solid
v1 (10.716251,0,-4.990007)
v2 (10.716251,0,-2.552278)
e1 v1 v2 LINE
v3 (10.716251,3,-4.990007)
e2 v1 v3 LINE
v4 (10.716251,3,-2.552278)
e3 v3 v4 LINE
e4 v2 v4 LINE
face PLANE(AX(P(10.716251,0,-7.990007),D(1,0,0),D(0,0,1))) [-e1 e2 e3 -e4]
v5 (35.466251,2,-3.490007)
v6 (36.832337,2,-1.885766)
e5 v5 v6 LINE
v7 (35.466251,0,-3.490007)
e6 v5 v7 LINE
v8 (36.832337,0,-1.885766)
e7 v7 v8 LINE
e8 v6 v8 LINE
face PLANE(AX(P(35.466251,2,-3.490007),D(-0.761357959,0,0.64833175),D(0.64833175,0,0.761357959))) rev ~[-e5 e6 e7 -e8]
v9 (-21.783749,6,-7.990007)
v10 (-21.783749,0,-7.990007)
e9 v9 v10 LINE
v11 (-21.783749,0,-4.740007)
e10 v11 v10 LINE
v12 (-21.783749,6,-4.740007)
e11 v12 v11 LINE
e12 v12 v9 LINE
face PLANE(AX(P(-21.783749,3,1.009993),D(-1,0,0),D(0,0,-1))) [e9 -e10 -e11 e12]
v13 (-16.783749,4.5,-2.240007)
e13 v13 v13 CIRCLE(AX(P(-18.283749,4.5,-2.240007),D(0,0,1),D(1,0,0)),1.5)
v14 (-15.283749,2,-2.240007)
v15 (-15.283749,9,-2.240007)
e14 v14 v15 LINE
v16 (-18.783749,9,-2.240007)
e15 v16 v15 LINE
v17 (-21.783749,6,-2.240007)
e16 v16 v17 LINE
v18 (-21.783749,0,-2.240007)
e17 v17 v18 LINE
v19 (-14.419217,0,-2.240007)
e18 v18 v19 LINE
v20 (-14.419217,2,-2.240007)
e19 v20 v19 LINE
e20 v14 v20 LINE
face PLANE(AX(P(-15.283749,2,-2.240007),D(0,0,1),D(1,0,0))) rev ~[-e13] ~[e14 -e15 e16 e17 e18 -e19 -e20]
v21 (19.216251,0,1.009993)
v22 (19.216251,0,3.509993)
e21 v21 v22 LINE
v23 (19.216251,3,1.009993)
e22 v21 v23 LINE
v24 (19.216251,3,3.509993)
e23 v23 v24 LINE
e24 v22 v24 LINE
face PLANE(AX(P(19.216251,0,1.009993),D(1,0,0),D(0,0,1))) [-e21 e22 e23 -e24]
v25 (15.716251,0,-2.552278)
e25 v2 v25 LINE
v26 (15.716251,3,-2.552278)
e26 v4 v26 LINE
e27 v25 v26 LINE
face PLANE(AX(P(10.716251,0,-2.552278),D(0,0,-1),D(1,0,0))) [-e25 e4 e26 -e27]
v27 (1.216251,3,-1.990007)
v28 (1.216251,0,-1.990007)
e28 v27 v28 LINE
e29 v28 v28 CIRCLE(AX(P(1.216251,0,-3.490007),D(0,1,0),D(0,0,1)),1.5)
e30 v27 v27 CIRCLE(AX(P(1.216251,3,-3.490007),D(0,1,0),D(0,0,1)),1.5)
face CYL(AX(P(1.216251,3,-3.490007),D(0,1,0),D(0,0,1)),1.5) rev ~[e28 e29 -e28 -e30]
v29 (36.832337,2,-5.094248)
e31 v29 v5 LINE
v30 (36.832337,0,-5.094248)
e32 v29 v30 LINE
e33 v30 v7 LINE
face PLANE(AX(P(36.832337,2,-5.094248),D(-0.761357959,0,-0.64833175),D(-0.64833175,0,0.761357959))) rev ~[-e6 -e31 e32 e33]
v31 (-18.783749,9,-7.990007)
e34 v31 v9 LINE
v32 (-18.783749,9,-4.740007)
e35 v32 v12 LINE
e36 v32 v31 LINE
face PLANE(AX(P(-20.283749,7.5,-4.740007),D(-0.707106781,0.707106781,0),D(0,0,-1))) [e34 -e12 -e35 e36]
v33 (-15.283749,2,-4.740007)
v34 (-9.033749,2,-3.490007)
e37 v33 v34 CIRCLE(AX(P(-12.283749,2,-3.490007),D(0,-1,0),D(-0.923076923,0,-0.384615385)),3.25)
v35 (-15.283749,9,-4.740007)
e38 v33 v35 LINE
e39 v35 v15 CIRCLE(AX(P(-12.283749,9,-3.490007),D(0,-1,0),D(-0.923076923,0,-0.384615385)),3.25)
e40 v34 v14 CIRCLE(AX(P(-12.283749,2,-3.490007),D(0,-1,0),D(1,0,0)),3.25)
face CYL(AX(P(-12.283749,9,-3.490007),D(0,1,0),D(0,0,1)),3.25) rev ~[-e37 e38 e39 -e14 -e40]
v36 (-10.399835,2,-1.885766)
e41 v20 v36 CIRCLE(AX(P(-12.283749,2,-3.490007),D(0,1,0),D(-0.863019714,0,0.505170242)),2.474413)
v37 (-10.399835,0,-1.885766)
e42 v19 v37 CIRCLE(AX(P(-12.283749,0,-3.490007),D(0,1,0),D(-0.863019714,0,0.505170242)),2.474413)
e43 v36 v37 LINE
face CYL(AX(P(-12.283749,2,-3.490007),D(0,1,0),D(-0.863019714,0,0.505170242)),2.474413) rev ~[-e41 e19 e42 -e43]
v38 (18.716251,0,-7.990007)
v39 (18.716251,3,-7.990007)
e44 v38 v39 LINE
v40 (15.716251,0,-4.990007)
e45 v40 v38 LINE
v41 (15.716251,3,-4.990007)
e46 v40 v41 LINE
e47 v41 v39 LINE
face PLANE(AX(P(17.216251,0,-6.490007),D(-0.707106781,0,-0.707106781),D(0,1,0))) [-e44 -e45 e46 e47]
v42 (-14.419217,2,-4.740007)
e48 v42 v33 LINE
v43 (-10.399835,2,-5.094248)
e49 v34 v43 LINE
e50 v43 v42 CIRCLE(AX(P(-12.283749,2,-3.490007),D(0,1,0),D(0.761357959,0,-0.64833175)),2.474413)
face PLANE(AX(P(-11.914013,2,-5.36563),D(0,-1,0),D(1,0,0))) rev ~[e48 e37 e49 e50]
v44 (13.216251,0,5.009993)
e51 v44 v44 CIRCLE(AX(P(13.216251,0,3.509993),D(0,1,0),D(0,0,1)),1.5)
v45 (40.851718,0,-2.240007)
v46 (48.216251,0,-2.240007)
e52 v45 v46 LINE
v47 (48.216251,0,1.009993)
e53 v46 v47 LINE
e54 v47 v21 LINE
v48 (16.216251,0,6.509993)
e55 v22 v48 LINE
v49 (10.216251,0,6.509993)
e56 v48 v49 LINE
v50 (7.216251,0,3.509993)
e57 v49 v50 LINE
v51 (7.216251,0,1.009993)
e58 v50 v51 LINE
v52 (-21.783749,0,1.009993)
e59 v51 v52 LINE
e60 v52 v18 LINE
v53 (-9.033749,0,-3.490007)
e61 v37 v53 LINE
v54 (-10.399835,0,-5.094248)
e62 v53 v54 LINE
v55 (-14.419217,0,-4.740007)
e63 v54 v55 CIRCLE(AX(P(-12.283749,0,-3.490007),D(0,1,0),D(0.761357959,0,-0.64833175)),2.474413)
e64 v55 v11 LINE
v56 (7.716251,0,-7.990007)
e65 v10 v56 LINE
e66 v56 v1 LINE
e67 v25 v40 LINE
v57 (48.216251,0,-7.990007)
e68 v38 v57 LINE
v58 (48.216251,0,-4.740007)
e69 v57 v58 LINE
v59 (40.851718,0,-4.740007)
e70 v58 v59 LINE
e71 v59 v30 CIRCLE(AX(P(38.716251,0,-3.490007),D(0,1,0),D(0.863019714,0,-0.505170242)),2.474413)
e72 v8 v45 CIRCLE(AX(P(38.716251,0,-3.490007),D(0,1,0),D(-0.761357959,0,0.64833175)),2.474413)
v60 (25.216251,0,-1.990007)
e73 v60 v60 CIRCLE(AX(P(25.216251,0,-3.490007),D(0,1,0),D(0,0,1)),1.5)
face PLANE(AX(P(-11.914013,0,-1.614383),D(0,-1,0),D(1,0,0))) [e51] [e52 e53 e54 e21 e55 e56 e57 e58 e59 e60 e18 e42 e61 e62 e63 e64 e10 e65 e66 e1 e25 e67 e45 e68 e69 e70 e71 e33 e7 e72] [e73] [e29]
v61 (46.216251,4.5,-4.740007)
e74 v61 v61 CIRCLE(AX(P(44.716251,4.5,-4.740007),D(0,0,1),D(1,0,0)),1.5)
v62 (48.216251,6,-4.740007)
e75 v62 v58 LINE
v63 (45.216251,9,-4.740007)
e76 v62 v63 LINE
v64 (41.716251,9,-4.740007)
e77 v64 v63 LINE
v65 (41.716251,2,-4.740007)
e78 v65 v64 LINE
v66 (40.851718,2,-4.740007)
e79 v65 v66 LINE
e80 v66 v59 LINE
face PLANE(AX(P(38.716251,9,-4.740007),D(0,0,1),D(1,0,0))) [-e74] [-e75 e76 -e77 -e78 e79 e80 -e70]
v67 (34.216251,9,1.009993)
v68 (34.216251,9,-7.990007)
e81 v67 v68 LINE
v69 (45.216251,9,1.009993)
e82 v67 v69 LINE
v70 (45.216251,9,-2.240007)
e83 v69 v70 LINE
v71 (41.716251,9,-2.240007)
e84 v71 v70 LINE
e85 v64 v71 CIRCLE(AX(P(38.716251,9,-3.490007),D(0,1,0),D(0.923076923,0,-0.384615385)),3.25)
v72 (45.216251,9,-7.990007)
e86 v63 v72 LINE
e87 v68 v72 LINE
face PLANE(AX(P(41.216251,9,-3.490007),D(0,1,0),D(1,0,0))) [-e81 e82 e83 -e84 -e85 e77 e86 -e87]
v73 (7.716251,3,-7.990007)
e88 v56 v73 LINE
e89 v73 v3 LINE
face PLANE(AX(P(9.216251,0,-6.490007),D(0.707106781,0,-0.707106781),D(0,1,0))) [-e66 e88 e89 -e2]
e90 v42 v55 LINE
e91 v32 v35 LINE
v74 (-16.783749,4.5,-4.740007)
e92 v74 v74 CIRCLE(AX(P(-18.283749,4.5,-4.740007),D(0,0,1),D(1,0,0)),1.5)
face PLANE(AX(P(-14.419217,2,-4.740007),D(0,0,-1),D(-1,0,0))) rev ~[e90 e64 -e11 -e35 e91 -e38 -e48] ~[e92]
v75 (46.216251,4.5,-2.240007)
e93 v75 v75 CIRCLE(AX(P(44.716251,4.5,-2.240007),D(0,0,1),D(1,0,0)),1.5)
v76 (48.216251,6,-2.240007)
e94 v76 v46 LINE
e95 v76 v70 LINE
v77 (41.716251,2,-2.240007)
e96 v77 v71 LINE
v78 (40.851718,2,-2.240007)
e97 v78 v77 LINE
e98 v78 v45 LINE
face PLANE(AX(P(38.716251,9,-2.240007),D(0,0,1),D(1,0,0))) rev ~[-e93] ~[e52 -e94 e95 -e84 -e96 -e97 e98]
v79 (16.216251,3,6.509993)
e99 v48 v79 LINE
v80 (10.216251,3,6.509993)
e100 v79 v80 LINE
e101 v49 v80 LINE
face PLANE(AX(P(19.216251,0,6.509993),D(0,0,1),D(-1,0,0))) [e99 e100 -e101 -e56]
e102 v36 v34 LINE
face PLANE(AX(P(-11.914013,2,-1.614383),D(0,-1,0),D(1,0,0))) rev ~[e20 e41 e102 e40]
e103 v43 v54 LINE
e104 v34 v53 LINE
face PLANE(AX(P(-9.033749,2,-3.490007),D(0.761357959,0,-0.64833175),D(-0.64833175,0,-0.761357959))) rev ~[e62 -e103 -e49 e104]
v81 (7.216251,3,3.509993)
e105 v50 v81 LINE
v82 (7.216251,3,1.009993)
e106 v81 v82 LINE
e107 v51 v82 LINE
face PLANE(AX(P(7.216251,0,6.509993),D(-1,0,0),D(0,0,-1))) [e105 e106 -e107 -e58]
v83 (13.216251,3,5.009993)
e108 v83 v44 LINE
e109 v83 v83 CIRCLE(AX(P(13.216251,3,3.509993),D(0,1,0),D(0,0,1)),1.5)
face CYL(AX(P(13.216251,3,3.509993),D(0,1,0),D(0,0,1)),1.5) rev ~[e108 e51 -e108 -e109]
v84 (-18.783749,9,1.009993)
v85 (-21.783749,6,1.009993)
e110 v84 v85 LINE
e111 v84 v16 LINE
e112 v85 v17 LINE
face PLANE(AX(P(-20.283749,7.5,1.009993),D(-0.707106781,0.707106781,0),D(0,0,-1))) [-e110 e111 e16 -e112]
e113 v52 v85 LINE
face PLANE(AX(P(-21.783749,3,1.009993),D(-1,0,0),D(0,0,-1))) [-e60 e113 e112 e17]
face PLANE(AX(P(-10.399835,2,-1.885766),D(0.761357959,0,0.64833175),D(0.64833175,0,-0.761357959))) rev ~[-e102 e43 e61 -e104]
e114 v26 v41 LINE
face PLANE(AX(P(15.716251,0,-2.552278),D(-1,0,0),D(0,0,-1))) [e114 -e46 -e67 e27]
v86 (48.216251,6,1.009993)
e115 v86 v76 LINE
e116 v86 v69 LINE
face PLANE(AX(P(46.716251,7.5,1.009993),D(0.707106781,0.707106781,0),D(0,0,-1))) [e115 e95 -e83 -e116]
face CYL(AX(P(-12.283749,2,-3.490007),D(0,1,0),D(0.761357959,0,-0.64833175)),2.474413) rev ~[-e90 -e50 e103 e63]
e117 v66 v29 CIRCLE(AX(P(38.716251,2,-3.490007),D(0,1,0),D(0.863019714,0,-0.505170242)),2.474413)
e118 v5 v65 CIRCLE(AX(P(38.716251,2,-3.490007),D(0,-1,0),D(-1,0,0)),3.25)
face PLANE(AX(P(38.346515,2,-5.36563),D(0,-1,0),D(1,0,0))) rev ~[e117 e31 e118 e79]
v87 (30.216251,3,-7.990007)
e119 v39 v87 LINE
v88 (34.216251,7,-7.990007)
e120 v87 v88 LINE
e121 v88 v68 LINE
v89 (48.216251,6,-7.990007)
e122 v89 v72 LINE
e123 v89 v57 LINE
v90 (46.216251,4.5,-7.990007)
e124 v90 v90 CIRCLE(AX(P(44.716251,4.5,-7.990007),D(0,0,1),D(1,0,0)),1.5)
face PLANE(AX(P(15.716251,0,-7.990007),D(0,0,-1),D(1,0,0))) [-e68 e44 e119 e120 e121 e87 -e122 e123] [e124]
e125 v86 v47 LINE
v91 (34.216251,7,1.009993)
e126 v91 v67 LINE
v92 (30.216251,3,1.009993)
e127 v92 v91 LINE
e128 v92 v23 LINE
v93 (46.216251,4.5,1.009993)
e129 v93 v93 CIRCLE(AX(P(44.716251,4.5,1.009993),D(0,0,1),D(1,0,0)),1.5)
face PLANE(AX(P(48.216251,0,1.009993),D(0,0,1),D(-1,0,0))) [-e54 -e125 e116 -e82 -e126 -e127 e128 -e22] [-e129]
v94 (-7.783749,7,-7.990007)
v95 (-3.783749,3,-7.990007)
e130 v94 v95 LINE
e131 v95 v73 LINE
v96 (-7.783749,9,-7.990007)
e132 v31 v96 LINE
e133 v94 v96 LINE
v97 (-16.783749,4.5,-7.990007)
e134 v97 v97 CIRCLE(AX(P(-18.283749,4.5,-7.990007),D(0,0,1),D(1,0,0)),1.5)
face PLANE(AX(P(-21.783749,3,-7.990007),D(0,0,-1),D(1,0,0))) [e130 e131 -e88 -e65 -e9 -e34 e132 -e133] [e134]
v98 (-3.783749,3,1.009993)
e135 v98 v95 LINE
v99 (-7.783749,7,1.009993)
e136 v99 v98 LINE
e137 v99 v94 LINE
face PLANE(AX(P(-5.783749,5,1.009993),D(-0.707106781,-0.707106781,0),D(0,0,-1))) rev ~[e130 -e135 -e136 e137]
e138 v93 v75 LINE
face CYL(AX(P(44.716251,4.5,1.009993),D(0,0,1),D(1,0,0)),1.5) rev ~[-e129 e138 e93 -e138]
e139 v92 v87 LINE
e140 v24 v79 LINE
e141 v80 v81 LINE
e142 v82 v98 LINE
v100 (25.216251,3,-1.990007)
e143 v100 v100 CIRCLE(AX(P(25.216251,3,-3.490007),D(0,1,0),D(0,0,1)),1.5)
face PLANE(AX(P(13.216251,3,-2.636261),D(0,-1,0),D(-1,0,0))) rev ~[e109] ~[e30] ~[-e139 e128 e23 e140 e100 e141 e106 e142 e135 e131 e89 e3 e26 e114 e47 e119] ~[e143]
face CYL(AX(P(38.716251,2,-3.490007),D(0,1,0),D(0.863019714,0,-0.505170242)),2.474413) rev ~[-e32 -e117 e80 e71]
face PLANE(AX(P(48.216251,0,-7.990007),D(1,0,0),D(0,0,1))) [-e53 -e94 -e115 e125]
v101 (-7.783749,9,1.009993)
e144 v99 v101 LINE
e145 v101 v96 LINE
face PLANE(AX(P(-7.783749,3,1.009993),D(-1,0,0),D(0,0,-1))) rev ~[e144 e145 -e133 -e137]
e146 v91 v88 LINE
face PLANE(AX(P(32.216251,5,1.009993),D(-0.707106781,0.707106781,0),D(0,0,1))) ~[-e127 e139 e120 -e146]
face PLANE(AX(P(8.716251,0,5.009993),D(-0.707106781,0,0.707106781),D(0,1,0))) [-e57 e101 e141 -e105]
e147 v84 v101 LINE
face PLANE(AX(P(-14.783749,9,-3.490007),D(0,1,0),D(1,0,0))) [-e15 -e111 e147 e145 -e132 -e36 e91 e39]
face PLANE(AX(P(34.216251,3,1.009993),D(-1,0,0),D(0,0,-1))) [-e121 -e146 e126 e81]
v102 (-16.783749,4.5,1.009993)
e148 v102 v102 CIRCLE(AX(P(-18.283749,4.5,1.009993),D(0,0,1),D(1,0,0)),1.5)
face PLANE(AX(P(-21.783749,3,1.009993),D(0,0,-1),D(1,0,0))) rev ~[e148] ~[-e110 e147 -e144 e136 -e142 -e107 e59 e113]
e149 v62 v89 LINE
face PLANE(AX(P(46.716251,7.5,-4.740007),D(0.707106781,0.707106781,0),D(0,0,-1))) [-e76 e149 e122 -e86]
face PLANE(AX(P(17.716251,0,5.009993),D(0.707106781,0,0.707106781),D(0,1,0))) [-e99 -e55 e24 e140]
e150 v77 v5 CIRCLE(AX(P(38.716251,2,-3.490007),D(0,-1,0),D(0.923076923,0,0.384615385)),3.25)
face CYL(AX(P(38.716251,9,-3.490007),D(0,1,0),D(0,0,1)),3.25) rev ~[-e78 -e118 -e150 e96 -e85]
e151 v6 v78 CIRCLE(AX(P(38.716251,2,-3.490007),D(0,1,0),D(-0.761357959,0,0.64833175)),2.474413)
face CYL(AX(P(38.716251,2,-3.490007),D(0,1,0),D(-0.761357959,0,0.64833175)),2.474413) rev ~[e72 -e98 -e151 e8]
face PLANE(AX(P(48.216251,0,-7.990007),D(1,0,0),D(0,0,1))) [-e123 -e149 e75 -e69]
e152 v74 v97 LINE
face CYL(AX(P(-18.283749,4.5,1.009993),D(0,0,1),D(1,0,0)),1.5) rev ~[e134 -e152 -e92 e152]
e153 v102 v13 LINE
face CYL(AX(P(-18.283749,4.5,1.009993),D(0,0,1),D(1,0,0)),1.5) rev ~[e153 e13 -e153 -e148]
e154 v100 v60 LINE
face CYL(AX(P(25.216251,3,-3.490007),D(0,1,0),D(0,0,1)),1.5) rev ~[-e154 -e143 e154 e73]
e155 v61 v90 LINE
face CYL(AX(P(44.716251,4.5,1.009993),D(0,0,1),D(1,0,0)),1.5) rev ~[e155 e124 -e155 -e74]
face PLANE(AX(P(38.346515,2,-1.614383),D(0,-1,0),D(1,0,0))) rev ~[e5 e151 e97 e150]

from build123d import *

# Parameters (mm, degrees)
BOSS_EXTRU_1_DEPTH      = 3
ESQUISSE2_W             = 14
ESQUISSE2_H             = 9
BOSS_EXTRU_2_DEPTH      = 6
ESQUISSE3_R             = 3.25
ENL_V_MAT_EXTRU_1_DEPTH = 50.69554375
CHANFREIN1_SIZE         = 4
ESQUISSE4_R             = 1.5
ENL_V_MAT_EXTRU_2_DEPTH = 50.240705403
ESQUISSE5_W             = 9.5
ESQUISSE5_H             = 2.5
ENL_V_MAT_EXTRU_3_DEPTH = 50.69554375
ESQUISSE6_R             = 1.5
ENL_V_MAT_EXTRU_4_DEPTH = 50.86789407
CHANFREIN2_SIZE         = 3
CHANFREIN3_SIZE         = 3
BOSS_EXTRU_3_START      = -2
BOSS_EXTRU_3_DEPTH      = 2


with BuildPart() as part:
    # Esquisse1 → Boss.-Extru.1 (new body)
    with BuildSketch(Plane(origin=(0, 0, 0), x_dir=(1, 0, 0), z_dir=(0, 1, 0))):
        Polygon((-21.783749016, 7.99000686), (10.716250984, 7.99000686), (10.716250984, 2.552277958), (15.716250984, 2.552277958), (15.716250984, 7.99000686), (48.216250984, 7.99000686), (48.216250984, -1.00999314), (19.216250984, -1.00999314), (19.216250984, -6.50999314), (7.216250984, -6.50999314), (7.216250984, -1.00999314), (-21.783749016, -1.00999314), align=None)
    extrude(amount=BOSS_EXTRU_1_DEPTH)

    # Esquisse2 → Boss.-Extru.2 (add)
    with BuildSketch(Plane(origin=(0, 3, 0), x_dir=(1, 0, 0), z_dir=(0, 1, 0))):
        with Locations((-14.783749016, 3.49000686)):
            Rectangle(ESQUISSE2_W, ESQUISSE2_H)
        with Locations((41.216250984, 3.49000686)):
            Rectangle(ESQUISSE2_W, ESQUISSE2_H)
    extrude(amount=BOSS_EXTRU_2_DEPTH)

    # Esquisse3 → Enlèv. mat.-Extru.1 (cut, through all)
    with BuildSketch(Plane(origin=(0, 9, 0), x_dir=(1, 0, 0), z_dir=(0, 1, 0))):
        with Locations(Location((-12.283749016, 3.49000686, 0), (0, 0, 270))):
            Circle(ESQUISSE3_R)
        with Locations(Location((38.716250984, 3.49000686, 0), (0, 0, 270))):
            Circle(ESQUISSE3_R)
    extrude(amount=-ENL_V_MAT_EXTRU_1_DEPTH, mode=Mode.SUBTRACT)

    # Chanfrein1
    chanfrein1_edges = [part.edges().sort_by_distance(p)[0] for p in [
        (-7.783749016, 3, -3.49000686),
        (34.216250984, 3, -3.49000686),
    ]]
    chamfer(chanfrein1_edges, length=CHANFREIN1_SIZE)

    # Esquisse4 → Enlèv. mat.-Extru.2 (cut, through all)
    with BuildSketch(Plane(origin=(0, 3, 0), x_dir=(1, 0, 0), z_dir=(0, 1, 0))):
        with Locations(Location((1.216250984, 3.49000686, 0), (0, 0, 270))):
            Circle(ESQUISSE4_R)
        with Locations(Location((25.216250984, 3.49000686, 0), (0, 0, 270))):
            Circle(ESQUISSE4_R)
        with Locations(Location((13.216250984, -3.50999314, 0), (0, 0, 270))):
            Circle(ESQUISSE4_R)
    extrude(amount=-ENL_V_MAT_EXTRU_2_DEPTH, mode=Mode.SUBTRACT)

    # Esquisse5 → Enlèv. mat.-Extru.3 (cut, through all)
    with BuildSketch(Plane(origin=(0, 9, 0), x_dir=(1, 0, 0), z_dir=(0, 1, 0))):
        with Locations((-17.033749016, 3.49000686)):
            Rectangle(ESQUISSE5_W, ESQUISSE5_H)
        with Locations((43.466250984, 3.49000686)):
            Rectangle(ESQUISSE5_W, ESQUISSE5_H)
    extrude(amount=-ENL_V_MAT_EXTRU_3_DEPTH, mode=Mode.SUBTRACT)

    # Esquisse6 → Enlèv. mat.-Extru.4 (cut, through all)
    with BuildSketch(Plane.XY.offset(1.00999314)):
        with Locations((-18.283749016, 4.5)):
            Circle(ESQUISSE6_R)
        with Locations((44.716250984, 4.5)):
            Circle(ESQUISSE6_R)
    extrude(amount=-ENL_V_MAT_EXTRU_4_DEPTH, mode=Mode.SUBTRACT)

    # Chanfrein2
    chanfrein2_edges = [part.edges().sort_by_distance(p)[0] for p in [
        (48.216250984, 9, -6.36500686),
        (-21.783749016, 9, -6.36500686),
        (48.216250984, 9, -0.61500686),
        (-21.783749016, 9, -0.61500686),
    ]]
    chamfer(chanfrein2_edges, length=CHANFREIN2_SIZE)

    # Chanfrein3
    chanfrein3_edges = [part.edges().sort_by_distance(p)[0] for p in [
        (19.216250984, 1.5, 6.50999314),
        (7.216250984, 1.5, 6.50999314),
        (15.716250984, 1.5, -7.99000686),
        (10.716250984, 1.5, -7.99000686),
    ]]
    chamfer(chanfrein3_edges, length=CHANFREIN3_SIZE)

    # Esquisse7 → Boss.-Extru.3 (add)
    with BuildSketch(Plane.XZ.offset(BOSS_EXTRU_3_START)):
        with BuildLine():
            Line((-10.399834705, -1.885766111), (-9.033749016, -3.49000686))
            ThreePointArc((-9.033749016, -3.49000686), (-11.646371576, -0.303119664), (-15.283749016, -2.24000686))
            Line((-15.283749016, -2.24000686), (-14.419216531, -2.24000686))
            ThreePointArc((-14.419216531, -2.24000686), (-12.500984788, -1.025147811), (-10.399834705, -1.885766111))
        make_face()
        with BuildLine():
            Line((-14.419216531, -4.74000686), (-15.283749016, -4.74000686))
            ThreePointArc((-15.283749016, -4.74000686), (-11.646371576, -6.676894056), (-9.033749016, -3.49000686))
            Line((-9.033749016, -3.49000686), (-10.399834705, -5.094247608))
            ThreePointArc((-10.399834705, -5.094247608), (-12.500984788, -5.954865908), (-14.419216531, -4.74000686))
        make_face()
        with BuildLine():
            ThreePointArc((41.716250984, -2.24000686), (38.078873545, -0.303119664), (35.466250984, -3.49000686))
            Line((35.466250984, -3.49000686), (36.832336674, -1.885766111))
            ThreePointArc((36.832336674, -1.885766111), (38.933486757, -1.025147811), (40.8517185, -2.24000686))
            Line((40.8517185, -2.24000686), (41.716250984, -2.24000686))
        make_face()
        with BuildLine():
            Line((36.832336674, -5.094247608), (35.466250984, -3.49000686))
            ThreePointArc((35.466250984, -3.49000686), (38.078873545, -6.676894056), (41.716250984, -4.74000686))
            Line((41.716250984, -4.74000686), (40.8517185, -4.74000686))
            ThreePointArc((40.8517185, -4.74000686), (38.933486757, -5.954865908), (36.832336674, -5.094247608))
        make_face()
    extrude(amount=BOSS_EXTRU_3_DEPTH)


solid = part.part
